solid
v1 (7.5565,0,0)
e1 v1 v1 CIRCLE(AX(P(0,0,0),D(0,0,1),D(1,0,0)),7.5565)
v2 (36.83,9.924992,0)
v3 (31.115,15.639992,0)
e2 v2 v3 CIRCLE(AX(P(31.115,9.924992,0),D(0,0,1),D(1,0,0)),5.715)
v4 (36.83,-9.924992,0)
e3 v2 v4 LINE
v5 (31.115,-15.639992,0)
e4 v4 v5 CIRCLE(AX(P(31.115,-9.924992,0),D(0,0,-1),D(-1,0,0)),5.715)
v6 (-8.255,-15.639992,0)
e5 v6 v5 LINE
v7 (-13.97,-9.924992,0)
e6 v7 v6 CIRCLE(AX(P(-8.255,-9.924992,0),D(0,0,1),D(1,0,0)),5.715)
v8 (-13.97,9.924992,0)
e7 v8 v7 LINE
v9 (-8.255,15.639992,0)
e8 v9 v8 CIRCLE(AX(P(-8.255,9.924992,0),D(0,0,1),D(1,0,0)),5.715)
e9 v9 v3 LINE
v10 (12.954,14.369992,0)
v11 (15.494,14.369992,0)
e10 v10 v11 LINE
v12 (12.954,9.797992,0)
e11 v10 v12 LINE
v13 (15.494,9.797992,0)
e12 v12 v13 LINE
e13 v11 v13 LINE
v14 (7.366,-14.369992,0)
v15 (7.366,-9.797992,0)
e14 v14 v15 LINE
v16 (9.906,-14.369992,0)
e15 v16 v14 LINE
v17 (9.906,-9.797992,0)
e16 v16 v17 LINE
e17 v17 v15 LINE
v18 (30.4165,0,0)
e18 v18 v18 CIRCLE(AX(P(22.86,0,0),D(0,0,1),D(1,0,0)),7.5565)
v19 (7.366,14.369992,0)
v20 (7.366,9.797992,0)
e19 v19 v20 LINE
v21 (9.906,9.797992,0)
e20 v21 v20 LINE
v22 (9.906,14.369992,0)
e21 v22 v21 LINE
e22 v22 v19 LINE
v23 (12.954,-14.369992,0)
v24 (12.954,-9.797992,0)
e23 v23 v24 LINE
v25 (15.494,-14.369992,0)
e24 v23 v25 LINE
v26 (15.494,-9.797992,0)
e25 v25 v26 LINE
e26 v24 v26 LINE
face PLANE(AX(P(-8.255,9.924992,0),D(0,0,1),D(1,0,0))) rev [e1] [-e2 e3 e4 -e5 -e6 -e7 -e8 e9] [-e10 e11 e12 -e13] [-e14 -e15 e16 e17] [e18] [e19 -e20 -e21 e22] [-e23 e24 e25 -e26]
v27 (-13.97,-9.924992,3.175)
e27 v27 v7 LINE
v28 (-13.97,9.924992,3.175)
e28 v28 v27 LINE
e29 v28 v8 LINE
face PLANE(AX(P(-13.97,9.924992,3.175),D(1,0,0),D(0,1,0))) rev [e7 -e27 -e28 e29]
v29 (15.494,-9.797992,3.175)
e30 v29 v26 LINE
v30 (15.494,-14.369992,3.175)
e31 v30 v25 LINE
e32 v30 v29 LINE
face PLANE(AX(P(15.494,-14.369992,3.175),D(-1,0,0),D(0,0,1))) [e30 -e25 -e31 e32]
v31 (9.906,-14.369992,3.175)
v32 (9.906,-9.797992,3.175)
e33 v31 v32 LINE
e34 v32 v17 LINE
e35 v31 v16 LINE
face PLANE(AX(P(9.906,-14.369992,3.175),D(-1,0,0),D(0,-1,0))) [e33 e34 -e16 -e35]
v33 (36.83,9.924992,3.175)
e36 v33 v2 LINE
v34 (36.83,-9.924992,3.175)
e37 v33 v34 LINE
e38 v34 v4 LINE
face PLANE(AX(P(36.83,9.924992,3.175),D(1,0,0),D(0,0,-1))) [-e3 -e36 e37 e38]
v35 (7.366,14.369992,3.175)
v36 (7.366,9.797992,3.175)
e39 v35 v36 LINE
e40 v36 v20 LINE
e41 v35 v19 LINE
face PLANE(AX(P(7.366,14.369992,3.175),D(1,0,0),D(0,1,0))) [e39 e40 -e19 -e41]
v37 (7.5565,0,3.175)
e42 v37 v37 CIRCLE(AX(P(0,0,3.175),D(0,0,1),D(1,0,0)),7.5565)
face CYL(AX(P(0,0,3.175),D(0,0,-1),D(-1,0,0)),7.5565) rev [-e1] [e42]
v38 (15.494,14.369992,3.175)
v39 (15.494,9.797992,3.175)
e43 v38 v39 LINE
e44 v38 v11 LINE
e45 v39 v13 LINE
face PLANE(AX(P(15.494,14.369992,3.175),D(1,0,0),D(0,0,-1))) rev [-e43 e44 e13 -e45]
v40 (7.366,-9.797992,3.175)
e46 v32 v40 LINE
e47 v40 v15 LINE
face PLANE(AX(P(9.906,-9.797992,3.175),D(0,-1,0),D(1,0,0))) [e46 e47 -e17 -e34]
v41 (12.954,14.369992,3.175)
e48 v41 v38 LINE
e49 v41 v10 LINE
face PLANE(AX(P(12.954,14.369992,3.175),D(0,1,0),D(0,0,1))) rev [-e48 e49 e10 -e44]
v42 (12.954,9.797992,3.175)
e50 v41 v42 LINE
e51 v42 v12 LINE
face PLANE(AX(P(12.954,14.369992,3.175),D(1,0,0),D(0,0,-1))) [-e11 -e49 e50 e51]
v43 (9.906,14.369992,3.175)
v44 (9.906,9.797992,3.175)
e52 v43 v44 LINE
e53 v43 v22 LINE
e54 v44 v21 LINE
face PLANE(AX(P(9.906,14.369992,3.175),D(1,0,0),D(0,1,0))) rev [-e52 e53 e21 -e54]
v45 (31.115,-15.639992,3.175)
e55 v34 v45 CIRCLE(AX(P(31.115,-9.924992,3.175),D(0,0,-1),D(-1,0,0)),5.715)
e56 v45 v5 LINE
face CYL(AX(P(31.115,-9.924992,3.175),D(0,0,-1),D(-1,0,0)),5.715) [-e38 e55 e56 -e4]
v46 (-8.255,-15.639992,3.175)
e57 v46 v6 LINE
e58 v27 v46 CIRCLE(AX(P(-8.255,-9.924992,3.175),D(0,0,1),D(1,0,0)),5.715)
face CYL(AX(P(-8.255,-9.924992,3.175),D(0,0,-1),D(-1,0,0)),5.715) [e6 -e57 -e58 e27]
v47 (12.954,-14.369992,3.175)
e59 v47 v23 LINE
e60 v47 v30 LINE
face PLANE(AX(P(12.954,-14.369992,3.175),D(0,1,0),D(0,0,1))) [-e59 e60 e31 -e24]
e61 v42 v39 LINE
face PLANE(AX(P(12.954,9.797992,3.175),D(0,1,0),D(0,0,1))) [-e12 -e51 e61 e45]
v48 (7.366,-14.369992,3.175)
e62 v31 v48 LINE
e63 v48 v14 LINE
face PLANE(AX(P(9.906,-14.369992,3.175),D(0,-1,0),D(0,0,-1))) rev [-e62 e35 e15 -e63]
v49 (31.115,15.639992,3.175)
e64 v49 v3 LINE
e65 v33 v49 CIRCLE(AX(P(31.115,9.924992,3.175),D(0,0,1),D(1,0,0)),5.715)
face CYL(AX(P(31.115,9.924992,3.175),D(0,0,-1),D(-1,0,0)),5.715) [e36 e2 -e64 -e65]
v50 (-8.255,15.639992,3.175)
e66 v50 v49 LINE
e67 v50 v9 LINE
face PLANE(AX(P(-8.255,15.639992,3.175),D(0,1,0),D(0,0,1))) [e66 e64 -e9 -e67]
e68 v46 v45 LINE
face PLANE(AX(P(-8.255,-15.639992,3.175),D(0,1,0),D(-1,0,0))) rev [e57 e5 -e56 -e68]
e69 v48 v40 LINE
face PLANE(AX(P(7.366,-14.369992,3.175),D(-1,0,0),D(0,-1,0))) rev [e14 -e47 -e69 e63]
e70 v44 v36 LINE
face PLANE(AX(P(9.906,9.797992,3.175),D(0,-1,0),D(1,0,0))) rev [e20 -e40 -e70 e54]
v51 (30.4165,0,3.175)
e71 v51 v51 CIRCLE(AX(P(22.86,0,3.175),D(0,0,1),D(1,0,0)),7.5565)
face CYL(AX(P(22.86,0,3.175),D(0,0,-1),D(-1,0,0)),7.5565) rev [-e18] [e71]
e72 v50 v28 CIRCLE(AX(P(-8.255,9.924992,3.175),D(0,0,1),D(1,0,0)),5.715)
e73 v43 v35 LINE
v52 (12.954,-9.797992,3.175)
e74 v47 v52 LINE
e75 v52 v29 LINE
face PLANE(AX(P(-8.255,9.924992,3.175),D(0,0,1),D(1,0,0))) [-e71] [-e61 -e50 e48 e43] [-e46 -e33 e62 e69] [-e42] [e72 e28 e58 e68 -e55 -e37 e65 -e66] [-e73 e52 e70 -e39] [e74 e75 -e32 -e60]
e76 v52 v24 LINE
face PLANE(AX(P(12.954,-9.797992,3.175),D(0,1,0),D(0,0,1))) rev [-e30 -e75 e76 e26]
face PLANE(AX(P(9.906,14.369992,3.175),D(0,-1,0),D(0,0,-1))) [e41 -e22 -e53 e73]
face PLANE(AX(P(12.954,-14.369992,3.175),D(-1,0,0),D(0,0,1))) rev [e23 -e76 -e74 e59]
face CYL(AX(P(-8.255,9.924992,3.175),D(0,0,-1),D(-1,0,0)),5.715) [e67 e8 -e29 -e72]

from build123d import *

# Parameters (mm, degrees)
SKETCH1_R           = 7.5565
SKETCH1_W           = 2.54
SKETCH1_H           = 4.572
BOSS_EXTRUDE1_DEPTH = 3.175


with BuildPart() as part:
    # Sketch1 → Boss-Extrude1 (new body)
    with BuildSketch(Plane.XY):
        with BuildLine():
            Line((-8.255, 15.639992312), (31.115, 15.639992312))
            ThreePointArc((31.115, 15.639992312), (35.156115254, 13.966107566), (36.83, 9.924992312))
            Line((36.83, 9.924992312), (36.83, -9.924992312))
            ThreePointArc((36.83, -9.924992312), (35.156115254, -13.966107566), (31.115, -15.639992312))
            Line((31.115, -15.639992312), (-8.255, -15.639992312))
            ThreePointArc((-8.255, -15.639992312), (-12.296115254, -13.966107566), (-13.97, -9.924992312))
            Line((-13.97, -9.924992312), (-13.97, 9.924992312))
            ThreePointArc((-13.97, 9.924992312), (-12.296115254, 13.966107566), (-8.255, 15.639992312))
        make_face()
        Circle(SKETCH1_R, mode=Mode.SUBTRACT)
        with Locations((22.86, 0)):
            Circle(SKETCH1_R, mode=Mode.SUBTRACT)
        with Locations((8.636, 12.083992312)):
            Rectangle(SKETCH1_W, SKETCH1_H, mode=Mode.SUBTRACT)
        with Locations((14.224, 12.083992312)):
            Rectangle(SKETCH1_W, SKETCH1_H, mode=Mode.SUBTRACT)
        with Locations((14.224, -12.083992312)):
            Rectangle(SKETCH1_W, SKETCH1_H, mode=Mode.SUBTRACT)
        with Locations((8.636, -12.083992312)):
            Rectangle(SKETCH1_W, SKETCH1_H, mode=Mode.SUBTRACT)
    extrude(amount=BOSS_EXTRUDE1_DEPTH)


solid = part.part
